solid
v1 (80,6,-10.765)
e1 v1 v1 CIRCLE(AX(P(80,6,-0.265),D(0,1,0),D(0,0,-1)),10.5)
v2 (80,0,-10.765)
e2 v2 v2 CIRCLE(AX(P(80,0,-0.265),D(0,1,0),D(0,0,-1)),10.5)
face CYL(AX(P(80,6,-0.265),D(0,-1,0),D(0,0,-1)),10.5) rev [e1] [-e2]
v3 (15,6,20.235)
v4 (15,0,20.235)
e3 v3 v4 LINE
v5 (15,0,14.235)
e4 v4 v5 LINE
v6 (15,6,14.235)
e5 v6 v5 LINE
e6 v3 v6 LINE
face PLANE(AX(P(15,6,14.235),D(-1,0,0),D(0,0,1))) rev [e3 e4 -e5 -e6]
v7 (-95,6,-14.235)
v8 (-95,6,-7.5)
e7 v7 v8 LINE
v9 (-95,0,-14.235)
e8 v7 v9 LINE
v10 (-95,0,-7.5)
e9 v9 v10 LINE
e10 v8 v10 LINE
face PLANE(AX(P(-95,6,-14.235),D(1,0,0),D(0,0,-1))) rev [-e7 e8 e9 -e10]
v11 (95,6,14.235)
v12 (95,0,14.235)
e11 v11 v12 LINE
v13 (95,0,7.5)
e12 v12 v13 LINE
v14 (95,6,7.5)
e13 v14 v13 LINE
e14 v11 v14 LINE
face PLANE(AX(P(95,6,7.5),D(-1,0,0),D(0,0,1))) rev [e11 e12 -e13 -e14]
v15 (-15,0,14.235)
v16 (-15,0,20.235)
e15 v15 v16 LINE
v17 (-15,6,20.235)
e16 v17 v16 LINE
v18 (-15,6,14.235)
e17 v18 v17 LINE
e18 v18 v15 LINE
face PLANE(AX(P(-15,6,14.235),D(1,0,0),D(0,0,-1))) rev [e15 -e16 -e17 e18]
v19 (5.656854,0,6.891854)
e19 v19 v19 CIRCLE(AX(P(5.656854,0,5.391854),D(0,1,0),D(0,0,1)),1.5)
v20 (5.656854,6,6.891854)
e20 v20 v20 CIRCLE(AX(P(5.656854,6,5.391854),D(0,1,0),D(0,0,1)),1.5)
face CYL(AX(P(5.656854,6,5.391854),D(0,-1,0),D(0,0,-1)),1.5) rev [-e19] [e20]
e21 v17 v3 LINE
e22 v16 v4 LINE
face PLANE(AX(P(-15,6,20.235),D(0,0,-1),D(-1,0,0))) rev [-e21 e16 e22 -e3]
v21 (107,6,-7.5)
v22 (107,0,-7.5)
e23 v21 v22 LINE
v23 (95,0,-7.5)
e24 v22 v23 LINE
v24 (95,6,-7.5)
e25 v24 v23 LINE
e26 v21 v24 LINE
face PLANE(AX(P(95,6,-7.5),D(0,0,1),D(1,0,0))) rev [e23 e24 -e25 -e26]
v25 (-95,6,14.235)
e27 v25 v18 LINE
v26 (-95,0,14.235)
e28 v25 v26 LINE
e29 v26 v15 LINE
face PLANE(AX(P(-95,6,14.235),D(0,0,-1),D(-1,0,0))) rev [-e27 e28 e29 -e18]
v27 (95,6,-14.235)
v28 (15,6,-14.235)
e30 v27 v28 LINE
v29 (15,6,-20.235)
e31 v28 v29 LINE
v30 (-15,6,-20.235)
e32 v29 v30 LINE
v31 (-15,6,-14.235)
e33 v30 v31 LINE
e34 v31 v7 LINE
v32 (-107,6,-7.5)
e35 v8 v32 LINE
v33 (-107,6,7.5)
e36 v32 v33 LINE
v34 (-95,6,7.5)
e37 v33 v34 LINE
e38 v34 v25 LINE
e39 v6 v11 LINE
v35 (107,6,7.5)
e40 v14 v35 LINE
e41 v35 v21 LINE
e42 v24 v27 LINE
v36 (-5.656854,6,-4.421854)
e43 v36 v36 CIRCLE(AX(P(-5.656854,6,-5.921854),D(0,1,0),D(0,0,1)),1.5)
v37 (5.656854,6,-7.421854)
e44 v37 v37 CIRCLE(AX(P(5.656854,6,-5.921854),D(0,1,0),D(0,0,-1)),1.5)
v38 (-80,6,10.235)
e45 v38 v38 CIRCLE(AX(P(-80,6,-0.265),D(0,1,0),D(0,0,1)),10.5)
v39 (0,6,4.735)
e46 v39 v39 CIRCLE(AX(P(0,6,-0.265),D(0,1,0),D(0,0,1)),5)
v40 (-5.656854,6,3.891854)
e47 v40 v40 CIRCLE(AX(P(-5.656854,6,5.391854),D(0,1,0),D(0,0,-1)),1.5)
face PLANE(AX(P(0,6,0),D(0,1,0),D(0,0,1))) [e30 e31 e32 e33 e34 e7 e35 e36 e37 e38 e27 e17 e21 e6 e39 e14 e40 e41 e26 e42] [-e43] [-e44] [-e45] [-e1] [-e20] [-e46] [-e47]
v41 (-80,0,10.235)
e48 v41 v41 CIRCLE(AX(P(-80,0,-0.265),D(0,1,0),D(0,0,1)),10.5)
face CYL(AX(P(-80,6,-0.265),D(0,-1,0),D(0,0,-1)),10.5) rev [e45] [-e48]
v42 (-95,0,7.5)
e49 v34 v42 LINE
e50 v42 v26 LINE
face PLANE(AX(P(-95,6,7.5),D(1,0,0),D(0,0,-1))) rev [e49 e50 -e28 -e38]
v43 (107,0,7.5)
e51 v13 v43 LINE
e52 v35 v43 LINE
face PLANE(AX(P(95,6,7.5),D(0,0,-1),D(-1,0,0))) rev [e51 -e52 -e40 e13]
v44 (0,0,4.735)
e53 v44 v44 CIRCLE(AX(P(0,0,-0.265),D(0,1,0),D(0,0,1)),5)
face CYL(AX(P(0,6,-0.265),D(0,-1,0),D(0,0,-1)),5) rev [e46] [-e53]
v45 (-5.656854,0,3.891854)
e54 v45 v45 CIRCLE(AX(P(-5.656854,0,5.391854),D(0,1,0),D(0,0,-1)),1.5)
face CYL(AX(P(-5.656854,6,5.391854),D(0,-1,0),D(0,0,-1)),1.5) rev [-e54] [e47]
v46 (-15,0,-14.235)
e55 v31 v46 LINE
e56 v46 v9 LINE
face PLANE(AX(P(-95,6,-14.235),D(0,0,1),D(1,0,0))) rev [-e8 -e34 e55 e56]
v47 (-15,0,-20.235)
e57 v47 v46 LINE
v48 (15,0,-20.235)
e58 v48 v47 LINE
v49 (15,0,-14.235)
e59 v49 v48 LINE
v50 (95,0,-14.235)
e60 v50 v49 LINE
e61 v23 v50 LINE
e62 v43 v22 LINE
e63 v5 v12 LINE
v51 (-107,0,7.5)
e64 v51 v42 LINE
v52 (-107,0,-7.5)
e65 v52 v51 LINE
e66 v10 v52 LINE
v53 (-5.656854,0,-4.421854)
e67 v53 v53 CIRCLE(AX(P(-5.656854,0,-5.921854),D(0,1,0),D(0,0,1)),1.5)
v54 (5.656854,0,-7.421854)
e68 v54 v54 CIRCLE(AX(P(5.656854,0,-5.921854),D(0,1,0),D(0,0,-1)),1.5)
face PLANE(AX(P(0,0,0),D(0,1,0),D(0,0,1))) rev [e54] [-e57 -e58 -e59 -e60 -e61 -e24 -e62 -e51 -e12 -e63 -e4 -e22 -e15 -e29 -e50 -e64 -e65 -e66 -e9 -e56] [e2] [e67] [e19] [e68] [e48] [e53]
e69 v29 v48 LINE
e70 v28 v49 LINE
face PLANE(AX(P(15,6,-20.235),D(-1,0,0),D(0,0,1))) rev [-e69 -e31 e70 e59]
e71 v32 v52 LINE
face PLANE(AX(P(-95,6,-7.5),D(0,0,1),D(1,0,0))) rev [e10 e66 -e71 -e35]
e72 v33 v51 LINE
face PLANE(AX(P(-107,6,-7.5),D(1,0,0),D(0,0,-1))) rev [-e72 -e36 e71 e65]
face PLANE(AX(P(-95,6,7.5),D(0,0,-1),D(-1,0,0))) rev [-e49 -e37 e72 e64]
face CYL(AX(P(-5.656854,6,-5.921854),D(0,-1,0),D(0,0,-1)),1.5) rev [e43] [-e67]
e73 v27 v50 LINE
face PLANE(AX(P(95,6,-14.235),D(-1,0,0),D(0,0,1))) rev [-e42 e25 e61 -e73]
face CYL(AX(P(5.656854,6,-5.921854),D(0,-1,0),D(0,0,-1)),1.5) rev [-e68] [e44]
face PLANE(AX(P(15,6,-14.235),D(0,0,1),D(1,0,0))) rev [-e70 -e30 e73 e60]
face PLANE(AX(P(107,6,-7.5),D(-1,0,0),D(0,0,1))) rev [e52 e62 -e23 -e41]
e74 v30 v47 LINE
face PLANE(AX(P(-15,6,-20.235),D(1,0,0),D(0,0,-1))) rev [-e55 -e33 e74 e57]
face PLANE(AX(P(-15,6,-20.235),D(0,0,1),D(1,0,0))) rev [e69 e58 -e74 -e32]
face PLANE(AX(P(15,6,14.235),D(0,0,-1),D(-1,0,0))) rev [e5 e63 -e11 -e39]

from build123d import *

# Parameters (mm, degrees)
SKETCH_1_R      = 10.5
SKETCH_1_R_2    = 5
SKETCH_1_R_3    = 1.5
EXTRUDE_1_DEPTH = 6


with BuildPart() as part:
    # Эскиз1 → Бобышка-Вытянуть1 (new body)
    with BuildSketch(Plane(origin=(0, 0, 0), x_dir=(1, 0, 0), z_dir=(0, 1, 0))):
        Polygon((-95, 14.235), (-15, 14.235), (-15, 20.235), (15, 20.235), (15, 14.235), (95, 14.235), (95, 7.5), (107, 7.5), (107, -7.5), (95, -7.5), (95, -14.235), (15, -14.235), (15, -20.235), (-15, -20.235), (-15, -14.235), (-95, -14.235), (-95, -7.5), (-107, -7.5), (-107, 7.5), (-95, 7.5), align=None)
        with Locations((-80, 0.265)):
            Circle(SKETCH_1_R, mode=Mode.SUBTRACT)
        with Locations((80, 0.265)):
            Circle(SKETCH_1_R, mode=Mode.SUBTRACT)
        with Locations((0, 0.265)):
            Circle(SKETCH_1_R_2, mode=Mode.SUBTRACT)
        with Locations((-5.656854249, 5.921854249)):
            Circle(SKETCH_1_R_3, mode=Mode.SUBTRACT)
        with Locations((5.656854249, 5.921854249)):
            Circle(SKETCH_1_R_3, mode=Mode.SUBTRACT)
        with Locations((5.656854249, -5.391854249)):
            Circle(SKETCH_1_R_3, mode=Mode.SUBTRACT)
        with Locations((-5.656854249, -5.391854249)):
            Circle(SKETCH_1_R_3, mode=Mode.SUBTRACT)
    extrude(amount=EXTRUDE_1_DEPTH)


solid = part.part
